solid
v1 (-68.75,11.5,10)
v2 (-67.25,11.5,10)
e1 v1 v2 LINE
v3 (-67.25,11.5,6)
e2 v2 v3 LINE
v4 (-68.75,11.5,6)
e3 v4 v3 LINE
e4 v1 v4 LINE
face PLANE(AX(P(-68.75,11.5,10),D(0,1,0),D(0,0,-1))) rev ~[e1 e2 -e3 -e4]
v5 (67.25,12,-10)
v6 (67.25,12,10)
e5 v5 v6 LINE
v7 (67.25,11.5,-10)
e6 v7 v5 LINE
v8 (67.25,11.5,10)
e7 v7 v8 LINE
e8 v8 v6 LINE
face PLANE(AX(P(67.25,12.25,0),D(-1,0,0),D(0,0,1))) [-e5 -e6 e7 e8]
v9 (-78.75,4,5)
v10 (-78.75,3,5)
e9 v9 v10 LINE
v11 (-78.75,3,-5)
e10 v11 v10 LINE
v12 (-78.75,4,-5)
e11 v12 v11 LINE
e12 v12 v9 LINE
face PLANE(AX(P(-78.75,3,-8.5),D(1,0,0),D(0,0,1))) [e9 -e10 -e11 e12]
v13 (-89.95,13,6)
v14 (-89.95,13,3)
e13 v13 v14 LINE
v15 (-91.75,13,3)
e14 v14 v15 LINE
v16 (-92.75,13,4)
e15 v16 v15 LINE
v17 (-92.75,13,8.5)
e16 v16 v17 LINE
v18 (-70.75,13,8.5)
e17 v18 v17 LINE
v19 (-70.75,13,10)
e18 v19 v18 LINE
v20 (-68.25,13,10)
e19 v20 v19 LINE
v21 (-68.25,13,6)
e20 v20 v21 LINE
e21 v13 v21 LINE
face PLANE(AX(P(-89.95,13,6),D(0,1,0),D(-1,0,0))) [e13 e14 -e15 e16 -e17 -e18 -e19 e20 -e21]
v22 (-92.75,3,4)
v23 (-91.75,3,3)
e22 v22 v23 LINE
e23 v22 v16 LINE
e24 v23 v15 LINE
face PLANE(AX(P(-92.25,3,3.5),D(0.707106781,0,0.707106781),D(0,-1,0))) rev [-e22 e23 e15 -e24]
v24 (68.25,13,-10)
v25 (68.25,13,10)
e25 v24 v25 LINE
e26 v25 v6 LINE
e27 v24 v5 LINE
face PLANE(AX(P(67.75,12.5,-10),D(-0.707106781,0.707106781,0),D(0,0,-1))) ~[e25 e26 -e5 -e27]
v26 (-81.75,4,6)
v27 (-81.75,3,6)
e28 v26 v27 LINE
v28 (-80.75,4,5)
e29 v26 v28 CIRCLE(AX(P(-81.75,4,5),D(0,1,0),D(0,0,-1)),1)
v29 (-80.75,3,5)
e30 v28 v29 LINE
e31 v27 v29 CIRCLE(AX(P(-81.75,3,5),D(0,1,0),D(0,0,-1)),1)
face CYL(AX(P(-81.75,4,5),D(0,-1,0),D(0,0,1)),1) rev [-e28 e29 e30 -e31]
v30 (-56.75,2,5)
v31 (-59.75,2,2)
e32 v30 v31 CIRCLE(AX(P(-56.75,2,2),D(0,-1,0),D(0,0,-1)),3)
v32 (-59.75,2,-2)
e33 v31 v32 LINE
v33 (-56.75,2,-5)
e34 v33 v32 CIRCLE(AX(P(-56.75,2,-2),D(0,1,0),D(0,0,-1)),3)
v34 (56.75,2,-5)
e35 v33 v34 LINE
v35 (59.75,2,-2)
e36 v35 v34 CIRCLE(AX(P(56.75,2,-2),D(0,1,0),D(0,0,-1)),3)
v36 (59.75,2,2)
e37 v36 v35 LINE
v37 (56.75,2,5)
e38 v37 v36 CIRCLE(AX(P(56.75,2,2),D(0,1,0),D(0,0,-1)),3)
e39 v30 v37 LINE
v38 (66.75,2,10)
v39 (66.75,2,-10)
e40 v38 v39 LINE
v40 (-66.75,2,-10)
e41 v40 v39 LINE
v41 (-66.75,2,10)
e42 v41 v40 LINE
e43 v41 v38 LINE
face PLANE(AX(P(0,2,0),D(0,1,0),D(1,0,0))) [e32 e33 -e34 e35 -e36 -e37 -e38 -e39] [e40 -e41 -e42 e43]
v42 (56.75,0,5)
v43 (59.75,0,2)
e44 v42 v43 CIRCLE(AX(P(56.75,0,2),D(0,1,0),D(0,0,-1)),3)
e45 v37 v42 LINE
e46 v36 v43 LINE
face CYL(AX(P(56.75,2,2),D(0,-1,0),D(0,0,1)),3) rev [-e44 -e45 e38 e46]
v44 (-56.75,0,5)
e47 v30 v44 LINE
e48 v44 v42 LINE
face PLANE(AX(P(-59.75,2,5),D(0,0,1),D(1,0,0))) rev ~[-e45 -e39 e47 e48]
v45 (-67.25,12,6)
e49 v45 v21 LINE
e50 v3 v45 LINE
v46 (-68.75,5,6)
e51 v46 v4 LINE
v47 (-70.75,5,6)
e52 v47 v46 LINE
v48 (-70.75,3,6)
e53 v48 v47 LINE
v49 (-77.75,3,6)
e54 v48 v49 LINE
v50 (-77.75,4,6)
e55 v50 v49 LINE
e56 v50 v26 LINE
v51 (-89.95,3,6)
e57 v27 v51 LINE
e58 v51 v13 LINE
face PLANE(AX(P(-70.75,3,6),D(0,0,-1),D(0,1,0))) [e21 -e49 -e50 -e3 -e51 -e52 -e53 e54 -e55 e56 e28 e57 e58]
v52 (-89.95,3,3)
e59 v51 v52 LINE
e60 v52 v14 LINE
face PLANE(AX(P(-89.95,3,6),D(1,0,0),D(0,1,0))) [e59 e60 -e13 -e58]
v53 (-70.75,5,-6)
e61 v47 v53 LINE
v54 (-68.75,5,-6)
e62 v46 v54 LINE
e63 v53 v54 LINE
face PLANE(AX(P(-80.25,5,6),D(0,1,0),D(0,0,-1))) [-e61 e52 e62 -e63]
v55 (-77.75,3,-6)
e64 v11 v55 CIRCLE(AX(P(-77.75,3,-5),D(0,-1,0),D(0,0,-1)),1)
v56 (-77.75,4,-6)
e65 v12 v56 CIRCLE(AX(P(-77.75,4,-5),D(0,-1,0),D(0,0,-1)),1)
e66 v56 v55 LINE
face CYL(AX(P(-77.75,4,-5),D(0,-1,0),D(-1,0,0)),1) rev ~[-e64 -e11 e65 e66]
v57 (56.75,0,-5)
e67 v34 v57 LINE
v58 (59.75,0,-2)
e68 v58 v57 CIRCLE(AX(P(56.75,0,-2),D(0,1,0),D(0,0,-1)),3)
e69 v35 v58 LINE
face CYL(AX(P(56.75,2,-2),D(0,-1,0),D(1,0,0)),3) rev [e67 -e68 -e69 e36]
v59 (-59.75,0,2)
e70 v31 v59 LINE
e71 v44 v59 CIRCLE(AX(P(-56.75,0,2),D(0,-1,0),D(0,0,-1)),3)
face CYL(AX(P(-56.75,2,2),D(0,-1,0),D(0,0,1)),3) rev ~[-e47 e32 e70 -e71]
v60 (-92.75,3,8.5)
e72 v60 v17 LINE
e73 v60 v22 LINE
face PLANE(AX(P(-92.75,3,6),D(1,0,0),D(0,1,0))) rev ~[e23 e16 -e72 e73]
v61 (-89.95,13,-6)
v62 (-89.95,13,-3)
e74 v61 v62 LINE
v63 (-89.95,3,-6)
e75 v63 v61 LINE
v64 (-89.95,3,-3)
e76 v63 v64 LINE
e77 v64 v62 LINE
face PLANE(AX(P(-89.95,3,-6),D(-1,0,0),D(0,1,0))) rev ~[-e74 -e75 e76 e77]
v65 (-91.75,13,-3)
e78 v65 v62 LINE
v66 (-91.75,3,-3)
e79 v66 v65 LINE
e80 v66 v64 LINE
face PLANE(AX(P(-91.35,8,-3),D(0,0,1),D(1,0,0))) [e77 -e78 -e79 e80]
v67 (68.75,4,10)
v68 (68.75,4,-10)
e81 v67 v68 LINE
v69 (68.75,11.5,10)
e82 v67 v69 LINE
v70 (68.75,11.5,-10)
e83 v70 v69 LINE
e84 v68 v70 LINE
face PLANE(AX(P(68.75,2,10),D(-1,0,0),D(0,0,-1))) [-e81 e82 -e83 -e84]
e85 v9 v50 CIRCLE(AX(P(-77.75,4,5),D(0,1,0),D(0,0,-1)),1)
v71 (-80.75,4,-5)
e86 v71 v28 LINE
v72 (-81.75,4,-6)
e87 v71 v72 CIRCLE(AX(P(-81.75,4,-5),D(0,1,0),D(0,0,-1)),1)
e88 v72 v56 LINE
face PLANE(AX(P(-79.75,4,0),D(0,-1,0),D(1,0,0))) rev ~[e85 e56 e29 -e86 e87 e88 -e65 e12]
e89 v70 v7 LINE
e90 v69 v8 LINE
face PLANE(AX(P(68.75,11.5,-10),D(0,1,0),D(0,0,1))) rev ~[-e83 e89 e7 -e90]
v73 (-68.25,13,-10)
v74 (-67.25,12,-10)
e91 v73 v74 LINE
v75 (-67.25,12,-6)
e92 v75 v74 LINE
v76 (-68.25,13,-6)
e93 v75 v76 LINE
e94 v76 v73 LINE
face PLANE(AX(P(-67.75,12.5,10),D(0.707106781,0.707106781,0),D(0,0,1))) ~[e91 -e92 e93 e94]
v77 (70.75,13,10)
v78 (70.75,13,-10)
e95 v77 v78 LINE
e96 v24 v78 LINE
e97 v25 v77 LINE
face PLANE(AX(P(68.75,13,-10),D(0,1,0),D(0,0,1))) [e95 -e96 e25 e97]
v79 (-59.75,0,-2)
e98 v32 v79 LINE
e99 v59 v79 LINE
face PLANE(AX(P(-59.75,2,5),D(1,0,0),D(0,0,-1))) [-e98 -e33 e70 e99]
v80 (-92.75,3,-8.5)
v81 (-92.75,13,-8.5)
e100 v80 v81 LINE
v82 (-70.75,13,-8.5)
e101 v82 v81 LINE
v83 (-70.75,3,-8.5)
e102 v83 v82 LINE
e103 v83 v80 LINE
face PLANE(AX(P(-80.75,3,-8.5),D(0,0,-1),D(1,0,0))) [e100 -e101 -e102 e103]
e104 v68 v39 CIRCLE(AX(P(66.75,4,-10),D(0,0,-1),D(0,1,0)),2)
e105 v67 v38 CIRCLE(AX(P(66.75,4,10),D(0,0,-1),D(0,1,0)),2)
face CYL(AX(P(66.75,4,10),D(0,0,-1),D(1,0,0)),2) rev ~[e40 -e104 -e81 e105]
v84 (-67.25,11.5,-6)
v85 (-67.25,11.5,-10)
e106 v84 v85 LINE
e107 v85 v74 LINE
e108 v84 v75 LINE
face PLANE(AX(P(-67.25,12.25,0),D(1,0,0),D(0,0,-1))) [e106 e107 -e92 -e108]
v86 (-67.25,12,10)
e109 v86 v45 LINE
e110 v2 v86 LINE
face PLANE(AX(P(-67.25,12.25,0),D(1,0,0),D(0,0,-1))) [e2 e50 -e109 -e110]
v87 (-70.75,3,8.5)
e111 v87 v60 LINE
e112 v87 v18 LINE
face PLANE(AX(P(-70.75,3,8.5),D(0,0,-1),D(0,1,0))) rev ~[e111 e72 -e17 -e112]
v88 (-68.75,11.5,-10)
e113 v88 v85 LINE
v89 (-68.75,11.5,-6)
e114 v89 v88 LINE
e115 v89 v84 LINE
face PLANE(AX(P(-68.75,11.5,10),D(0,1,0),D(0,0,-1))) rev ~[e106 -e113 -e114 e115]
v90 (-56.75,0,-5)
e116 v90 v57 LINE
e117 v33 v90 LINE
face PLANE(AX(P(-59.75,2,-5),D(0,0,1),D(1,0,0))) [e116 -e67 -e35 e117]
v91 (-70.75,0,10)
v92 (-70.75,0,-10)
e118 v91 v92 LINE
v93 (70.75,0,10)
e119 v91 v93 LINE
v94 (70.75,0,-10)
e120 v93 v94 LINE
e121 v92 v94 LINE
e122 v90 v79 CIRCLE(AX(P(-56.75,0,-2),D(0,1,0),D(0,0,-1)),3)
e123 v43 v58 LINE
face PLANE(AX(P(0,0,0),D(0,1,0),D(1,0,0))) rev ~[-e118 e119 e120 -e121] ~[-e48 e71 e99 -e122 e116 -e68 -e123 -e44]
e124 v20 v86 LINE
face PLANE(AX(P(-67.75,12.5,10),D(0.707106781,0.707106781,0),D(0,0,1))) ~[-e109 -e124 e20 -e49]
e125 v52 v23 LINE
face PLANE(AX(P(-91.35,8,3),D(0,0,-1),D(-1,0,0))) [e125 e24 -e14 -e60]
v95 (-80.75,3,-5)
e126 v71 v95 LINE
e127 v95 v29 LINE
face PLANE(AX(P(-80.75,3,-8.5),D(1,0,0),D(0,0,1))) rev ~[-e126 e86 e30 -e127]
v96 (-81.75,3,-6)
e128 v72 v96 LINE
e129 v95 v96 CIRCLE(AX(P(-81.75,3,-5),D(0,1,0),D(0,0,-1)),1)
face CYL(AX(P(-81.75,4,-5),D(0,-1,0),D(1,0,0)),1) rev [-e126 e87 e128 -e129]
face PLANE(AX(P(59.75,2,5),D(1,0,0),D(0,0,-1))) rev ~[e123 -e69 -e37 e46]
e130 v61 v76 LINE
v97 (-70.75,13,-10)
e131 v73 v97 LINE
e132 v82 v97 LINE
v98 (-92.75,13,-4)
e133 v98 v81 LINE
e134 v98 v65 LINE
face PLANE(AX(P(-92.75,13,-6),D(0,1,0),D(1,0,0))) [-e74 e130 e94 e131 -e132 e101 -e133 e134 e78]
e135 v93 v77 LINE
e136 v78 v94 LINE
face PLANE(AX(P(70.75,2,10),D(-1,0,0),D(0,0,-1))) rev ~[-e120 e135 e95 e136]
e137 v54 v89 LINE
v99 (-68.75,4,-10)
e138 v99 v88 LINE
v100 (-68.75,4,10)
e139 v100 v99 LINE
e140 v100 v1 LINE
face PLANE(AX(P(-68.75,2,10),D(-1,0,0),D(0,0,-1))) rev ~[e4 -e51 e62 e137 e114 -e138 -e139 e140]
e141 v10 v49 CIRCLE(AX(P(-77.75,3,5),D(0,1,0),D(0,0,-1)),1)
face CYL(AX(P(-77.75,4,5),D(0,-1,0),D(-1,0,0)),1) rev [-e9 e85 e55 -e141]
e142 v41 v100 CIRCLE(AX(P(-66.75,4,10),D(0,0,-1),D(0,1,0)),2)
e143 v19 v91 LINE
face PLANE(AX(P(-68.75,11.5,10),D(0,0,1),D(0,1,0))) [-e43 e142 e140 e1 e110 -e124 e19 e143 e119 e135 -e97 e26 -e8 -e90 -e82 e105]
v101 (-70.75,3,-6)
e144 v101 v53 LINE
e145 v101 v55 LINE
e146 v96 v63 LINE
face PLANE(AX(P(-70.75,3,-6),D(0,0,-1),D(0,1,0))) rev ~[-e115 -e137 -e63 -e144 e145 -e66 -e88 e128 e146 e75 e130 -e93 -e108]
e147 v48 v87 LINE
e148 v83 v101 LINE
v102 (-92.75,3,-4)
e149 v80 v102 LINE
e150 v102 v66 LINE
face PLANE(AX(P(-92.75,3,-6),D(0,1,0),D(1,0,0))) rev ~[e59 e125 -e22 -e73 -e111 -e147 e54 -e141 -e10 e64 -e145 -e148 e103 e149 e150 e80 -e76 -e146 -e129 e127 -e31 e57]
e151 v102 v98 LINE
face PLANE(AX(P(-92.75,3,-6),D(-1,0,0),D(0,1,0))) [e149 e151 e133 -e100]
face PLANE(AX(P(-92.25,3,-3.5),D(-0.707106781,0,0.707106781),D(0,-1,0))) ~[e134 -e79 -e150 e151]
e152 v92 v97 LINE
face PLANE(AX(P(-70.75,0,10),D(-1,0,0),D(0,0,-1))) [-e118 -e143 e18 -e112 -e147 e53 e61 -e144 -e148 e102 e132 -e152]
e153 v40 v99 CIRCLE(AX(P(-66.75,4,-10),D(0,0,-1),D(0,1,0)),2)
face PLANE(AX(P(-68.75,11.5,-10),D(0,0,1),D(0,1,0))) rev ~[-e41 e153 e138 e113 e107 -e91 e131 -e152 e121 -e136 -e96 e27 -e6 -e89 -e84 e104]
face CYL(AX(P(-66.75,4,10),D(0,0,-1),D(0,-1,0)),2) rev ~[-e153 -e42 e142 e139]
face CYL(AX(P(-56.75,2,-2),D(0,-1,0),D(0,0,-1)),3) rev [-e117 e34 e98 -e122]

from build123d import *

# Parameters (mm, degrees)
SKETCH1_W               = 141.5
SKETCH1_H               = 20
BOSS_EXTRUDE1_DEPTH     = 2
SKETCH2_W               = 2
SKETCH2_H               = 20
BOSS_EXTRUDE2_DEPTH     = 11
SKETCH3_W               = 20
SKETCH3_H               = 1.5
BOSS_EXTRUDE3_DEPTH     = 1.5
CHAMFER1_SIZE           = 1
SKETCH4_W               = 20
SKETCH4_H               = 1.5
BOSS_EXTRUDE4_DEPTH     = 1.5
CHAMFER2_SIZE           = 1
CUT_EXTRUDE1_DEPTH      = 1.5
CUT_EXTRUDE1_DEPTH_BACK = 11.5
SKETCH5_W               = 12
SKETCH5_H               = 14.324896111
SKETCH6_W               = 2.5
SKETCH6_H               = 10
BOSS_EXTRUDE5_DEPTH     = 22
SKETCH7_W               = 2.8
SKETCH7_H               = 10
BOSS_EXTRUDE6_DEPTH     = 3
SKETCH8_W               = 2.8
SKETCH8_H               = 10
BOSS_EXTRUDE7_DEPTH     = 3
CHAMFER3_SIZE           = 1
SKETCH9_W               = 2
SKETCH9_H               = 17
BOSS_EXTRUDE8_DEPTH     = 1
FILLET1_R               = 1
FILLET2_R               = 2
SKETCH11_W              = 119.5
SKETCH11_H              = 10
CUT_EXTRUDE2_DEPTH      = 10
FILLET3_R               = 3


with BuildPart() as part:
    # Sketch1 → Boss-Extrude1 (new body)
    with BuildSketch(Plane(origin=(0, 0, 0), x_dir=(1, 0, 0), z_dir=(0, 1, 0))):
        Rectangle(SKETCH1_W, SKETCH1_H)
    extrude(amount=BOSS_EXTRUDE1_DEPTH)

    # Sketch2 → Boss-Extrude2 (add)
    with BuildSketch(Plane(origin=(0, 2, 0), x_dir=(1, 0, 0), z_dir=(0, 1, 0))):
        with Locations((69.75, 0)):
            Rectangle(SKETCH2_W, SKETCH2_H)
        with Locations((-69.75, 0)):
            Rectangle(SKETCH2_W, SKETCH2_H)
    extrude(amount=BOSS_EXTRUDE2_DEPTH)

    # Sketch3 → Boss-Extrude3 (add)
    with BuildSketch(Plane.ZY.offset(-68.75)):
        with Locations((0, 12.25)):
            Rectangle(SKETCH3_W, SKETCH3_H)
    extrude(amount=BOSS_EXTRUDE3_DEPTH)

    # Chamfer1
    chamfer1_edges = [part.edges().sort_by_distance(p)[0] for p in [
        (67.25, 13, 0),
    ]]
    chamfer(chamfer1_edges, length=CHAMFER1_SIZE)

    # Sketch4 → Boss-Extrude4 (add)
    with BuildSketch(Plane(origin=(-68.75, 0, 0), x_dir=(0, 0, -1), z_dir=(1, 0, 0))):
        with Locations((0, 12.25)):
            Rectangle(SKETCH4_W, SKETCH4_H)
    extrude(amount=BOSS_EXTRUDE4_DEPTH)

    # Chamfer2
    chamfer2_edges = [part.edges().sort_by_distance(p)[0] for p in [
        (-67.25, 13, 0),
    ]]
    chamfer(chamfer2_edges, length=CHAMFER2_SIZE)

    # Sketch5 → Cut-Extrude1 (cut, two sides: drawn at the far end of the back side and taken through both)
    with BuildSketch(Plane(origin=(-68.75, 0, 0), x_dir=(0, 0, -1), z_dir=(1, 0, 0)).offset(-CUT_EXTRUDE1_DEPTH_BACK)):
        with Locations((0, 12.162448056)):
            Rectangle(SKETCH5_W, SKETCH5_H)
    extrude(amount=CUT_EXTRUDE1_DEPTH + CUT_EXTRUDE1_DEPTH_BACK, mode=Mode.SUBTRACT)

    # Sketch6 → Boss-Extrude5 (add)
    with BuildSketch(Plane.ZY.offset(70.75)):
        with Locations((-7.25, 8)):
            Rectangle(SKETCH6_W, SKETCH6_H)
        with Locations((7.25, 8)):
            Rectangle(SKETCH6_W, SKETCH6_H)
    extrude(amount=BOSS_EXTRUDE5_DEPTH)

    # Sketch7 → Boss-Extrude6 (add)
    with BuildSketch(Plane(origin=(0, 0, 6), x_dir=(-1, 0, 0), z_dir=(0, 0, -1))):
        with Locations((91.35, 8)):
            Rectangle(SKETCH7_W, SKETCH7_H)
    extrude(amount=BOSS_EXTRUDE6_DEPTH)

    # Sketch8 → Boss-Extrude7 (add)
    with BuildSketch(Plane.XY.offset(-6)):
        with Locations((-91.35, 8)):
            Rectangle(SKETCH8_W, SKETCH8_H)
    extrude(amount=BOSS_EXTRUDE7_DEPTH)

    # Chamfer3
    chamfer3_edges = [part.edges().sort_by_distance(p)[0] for p in [
        (-92.75, 8, 3),
        (-92.75, 8, -3),
    ]]
    chamfer(chamfer3_edges, length=CHAMFER3_SIZE)

    # Sketch9 → Boss-Extrude8 (add)
    with BuildSketch(Plane.XZ.offset(-3)):
        with Locations((-79.75, 0)):
            Rectangle(SKETCH9_W, SKETCH9_H)
    extrude(amount=-BOSS_EXTRUDE8_DEPTH)

    # Fillet1
    fillet1_edges = [part.edges().sort_by_distance(p)[0] for p in [
        (-80.75, 3.5, -6),
        (-80.75, 3.5, 6),
        (-78.75, 3.5, -6),
        (-78.75, 3.5, 6),
    ]]
    fillet(fillet1_edges, radius=FILLET1_R)

    # Fillet2
    fillet2_edges = [part.edges().sort_by_distance(p)[0] for p in [
        (68.75, 2, 0),
        (-68.75, 2, 0),
    ]]
    fillet(fillet2_edges, radius=FILLET2_R)

    # Sketch11 → Cut-Extrude2 (cut)
    with BuildSketch(Plane(origin=(0, 2, 0), x_dir=(1, 0, 0), z_dir=(0, 1, 0))):
        Rectangle(SKETCH11_W, SKETCH11_H)
    extrude(amount=-CUT_EXTRUDE2_DEPTH, mode=Mode.SUBTRACT)

    # Fillet3
    fillet3_edges = [part.edges().sort_by_distance(p)[0] for p in [
        (-59.75, 1, 5),
        (-59.75, 1, -5),
        (59.75, 1, -5),
        (59.75, 1, 5),
    ]]
    fillet(fillet3_edges, radius=FILLET3_R)


solid = part.part
